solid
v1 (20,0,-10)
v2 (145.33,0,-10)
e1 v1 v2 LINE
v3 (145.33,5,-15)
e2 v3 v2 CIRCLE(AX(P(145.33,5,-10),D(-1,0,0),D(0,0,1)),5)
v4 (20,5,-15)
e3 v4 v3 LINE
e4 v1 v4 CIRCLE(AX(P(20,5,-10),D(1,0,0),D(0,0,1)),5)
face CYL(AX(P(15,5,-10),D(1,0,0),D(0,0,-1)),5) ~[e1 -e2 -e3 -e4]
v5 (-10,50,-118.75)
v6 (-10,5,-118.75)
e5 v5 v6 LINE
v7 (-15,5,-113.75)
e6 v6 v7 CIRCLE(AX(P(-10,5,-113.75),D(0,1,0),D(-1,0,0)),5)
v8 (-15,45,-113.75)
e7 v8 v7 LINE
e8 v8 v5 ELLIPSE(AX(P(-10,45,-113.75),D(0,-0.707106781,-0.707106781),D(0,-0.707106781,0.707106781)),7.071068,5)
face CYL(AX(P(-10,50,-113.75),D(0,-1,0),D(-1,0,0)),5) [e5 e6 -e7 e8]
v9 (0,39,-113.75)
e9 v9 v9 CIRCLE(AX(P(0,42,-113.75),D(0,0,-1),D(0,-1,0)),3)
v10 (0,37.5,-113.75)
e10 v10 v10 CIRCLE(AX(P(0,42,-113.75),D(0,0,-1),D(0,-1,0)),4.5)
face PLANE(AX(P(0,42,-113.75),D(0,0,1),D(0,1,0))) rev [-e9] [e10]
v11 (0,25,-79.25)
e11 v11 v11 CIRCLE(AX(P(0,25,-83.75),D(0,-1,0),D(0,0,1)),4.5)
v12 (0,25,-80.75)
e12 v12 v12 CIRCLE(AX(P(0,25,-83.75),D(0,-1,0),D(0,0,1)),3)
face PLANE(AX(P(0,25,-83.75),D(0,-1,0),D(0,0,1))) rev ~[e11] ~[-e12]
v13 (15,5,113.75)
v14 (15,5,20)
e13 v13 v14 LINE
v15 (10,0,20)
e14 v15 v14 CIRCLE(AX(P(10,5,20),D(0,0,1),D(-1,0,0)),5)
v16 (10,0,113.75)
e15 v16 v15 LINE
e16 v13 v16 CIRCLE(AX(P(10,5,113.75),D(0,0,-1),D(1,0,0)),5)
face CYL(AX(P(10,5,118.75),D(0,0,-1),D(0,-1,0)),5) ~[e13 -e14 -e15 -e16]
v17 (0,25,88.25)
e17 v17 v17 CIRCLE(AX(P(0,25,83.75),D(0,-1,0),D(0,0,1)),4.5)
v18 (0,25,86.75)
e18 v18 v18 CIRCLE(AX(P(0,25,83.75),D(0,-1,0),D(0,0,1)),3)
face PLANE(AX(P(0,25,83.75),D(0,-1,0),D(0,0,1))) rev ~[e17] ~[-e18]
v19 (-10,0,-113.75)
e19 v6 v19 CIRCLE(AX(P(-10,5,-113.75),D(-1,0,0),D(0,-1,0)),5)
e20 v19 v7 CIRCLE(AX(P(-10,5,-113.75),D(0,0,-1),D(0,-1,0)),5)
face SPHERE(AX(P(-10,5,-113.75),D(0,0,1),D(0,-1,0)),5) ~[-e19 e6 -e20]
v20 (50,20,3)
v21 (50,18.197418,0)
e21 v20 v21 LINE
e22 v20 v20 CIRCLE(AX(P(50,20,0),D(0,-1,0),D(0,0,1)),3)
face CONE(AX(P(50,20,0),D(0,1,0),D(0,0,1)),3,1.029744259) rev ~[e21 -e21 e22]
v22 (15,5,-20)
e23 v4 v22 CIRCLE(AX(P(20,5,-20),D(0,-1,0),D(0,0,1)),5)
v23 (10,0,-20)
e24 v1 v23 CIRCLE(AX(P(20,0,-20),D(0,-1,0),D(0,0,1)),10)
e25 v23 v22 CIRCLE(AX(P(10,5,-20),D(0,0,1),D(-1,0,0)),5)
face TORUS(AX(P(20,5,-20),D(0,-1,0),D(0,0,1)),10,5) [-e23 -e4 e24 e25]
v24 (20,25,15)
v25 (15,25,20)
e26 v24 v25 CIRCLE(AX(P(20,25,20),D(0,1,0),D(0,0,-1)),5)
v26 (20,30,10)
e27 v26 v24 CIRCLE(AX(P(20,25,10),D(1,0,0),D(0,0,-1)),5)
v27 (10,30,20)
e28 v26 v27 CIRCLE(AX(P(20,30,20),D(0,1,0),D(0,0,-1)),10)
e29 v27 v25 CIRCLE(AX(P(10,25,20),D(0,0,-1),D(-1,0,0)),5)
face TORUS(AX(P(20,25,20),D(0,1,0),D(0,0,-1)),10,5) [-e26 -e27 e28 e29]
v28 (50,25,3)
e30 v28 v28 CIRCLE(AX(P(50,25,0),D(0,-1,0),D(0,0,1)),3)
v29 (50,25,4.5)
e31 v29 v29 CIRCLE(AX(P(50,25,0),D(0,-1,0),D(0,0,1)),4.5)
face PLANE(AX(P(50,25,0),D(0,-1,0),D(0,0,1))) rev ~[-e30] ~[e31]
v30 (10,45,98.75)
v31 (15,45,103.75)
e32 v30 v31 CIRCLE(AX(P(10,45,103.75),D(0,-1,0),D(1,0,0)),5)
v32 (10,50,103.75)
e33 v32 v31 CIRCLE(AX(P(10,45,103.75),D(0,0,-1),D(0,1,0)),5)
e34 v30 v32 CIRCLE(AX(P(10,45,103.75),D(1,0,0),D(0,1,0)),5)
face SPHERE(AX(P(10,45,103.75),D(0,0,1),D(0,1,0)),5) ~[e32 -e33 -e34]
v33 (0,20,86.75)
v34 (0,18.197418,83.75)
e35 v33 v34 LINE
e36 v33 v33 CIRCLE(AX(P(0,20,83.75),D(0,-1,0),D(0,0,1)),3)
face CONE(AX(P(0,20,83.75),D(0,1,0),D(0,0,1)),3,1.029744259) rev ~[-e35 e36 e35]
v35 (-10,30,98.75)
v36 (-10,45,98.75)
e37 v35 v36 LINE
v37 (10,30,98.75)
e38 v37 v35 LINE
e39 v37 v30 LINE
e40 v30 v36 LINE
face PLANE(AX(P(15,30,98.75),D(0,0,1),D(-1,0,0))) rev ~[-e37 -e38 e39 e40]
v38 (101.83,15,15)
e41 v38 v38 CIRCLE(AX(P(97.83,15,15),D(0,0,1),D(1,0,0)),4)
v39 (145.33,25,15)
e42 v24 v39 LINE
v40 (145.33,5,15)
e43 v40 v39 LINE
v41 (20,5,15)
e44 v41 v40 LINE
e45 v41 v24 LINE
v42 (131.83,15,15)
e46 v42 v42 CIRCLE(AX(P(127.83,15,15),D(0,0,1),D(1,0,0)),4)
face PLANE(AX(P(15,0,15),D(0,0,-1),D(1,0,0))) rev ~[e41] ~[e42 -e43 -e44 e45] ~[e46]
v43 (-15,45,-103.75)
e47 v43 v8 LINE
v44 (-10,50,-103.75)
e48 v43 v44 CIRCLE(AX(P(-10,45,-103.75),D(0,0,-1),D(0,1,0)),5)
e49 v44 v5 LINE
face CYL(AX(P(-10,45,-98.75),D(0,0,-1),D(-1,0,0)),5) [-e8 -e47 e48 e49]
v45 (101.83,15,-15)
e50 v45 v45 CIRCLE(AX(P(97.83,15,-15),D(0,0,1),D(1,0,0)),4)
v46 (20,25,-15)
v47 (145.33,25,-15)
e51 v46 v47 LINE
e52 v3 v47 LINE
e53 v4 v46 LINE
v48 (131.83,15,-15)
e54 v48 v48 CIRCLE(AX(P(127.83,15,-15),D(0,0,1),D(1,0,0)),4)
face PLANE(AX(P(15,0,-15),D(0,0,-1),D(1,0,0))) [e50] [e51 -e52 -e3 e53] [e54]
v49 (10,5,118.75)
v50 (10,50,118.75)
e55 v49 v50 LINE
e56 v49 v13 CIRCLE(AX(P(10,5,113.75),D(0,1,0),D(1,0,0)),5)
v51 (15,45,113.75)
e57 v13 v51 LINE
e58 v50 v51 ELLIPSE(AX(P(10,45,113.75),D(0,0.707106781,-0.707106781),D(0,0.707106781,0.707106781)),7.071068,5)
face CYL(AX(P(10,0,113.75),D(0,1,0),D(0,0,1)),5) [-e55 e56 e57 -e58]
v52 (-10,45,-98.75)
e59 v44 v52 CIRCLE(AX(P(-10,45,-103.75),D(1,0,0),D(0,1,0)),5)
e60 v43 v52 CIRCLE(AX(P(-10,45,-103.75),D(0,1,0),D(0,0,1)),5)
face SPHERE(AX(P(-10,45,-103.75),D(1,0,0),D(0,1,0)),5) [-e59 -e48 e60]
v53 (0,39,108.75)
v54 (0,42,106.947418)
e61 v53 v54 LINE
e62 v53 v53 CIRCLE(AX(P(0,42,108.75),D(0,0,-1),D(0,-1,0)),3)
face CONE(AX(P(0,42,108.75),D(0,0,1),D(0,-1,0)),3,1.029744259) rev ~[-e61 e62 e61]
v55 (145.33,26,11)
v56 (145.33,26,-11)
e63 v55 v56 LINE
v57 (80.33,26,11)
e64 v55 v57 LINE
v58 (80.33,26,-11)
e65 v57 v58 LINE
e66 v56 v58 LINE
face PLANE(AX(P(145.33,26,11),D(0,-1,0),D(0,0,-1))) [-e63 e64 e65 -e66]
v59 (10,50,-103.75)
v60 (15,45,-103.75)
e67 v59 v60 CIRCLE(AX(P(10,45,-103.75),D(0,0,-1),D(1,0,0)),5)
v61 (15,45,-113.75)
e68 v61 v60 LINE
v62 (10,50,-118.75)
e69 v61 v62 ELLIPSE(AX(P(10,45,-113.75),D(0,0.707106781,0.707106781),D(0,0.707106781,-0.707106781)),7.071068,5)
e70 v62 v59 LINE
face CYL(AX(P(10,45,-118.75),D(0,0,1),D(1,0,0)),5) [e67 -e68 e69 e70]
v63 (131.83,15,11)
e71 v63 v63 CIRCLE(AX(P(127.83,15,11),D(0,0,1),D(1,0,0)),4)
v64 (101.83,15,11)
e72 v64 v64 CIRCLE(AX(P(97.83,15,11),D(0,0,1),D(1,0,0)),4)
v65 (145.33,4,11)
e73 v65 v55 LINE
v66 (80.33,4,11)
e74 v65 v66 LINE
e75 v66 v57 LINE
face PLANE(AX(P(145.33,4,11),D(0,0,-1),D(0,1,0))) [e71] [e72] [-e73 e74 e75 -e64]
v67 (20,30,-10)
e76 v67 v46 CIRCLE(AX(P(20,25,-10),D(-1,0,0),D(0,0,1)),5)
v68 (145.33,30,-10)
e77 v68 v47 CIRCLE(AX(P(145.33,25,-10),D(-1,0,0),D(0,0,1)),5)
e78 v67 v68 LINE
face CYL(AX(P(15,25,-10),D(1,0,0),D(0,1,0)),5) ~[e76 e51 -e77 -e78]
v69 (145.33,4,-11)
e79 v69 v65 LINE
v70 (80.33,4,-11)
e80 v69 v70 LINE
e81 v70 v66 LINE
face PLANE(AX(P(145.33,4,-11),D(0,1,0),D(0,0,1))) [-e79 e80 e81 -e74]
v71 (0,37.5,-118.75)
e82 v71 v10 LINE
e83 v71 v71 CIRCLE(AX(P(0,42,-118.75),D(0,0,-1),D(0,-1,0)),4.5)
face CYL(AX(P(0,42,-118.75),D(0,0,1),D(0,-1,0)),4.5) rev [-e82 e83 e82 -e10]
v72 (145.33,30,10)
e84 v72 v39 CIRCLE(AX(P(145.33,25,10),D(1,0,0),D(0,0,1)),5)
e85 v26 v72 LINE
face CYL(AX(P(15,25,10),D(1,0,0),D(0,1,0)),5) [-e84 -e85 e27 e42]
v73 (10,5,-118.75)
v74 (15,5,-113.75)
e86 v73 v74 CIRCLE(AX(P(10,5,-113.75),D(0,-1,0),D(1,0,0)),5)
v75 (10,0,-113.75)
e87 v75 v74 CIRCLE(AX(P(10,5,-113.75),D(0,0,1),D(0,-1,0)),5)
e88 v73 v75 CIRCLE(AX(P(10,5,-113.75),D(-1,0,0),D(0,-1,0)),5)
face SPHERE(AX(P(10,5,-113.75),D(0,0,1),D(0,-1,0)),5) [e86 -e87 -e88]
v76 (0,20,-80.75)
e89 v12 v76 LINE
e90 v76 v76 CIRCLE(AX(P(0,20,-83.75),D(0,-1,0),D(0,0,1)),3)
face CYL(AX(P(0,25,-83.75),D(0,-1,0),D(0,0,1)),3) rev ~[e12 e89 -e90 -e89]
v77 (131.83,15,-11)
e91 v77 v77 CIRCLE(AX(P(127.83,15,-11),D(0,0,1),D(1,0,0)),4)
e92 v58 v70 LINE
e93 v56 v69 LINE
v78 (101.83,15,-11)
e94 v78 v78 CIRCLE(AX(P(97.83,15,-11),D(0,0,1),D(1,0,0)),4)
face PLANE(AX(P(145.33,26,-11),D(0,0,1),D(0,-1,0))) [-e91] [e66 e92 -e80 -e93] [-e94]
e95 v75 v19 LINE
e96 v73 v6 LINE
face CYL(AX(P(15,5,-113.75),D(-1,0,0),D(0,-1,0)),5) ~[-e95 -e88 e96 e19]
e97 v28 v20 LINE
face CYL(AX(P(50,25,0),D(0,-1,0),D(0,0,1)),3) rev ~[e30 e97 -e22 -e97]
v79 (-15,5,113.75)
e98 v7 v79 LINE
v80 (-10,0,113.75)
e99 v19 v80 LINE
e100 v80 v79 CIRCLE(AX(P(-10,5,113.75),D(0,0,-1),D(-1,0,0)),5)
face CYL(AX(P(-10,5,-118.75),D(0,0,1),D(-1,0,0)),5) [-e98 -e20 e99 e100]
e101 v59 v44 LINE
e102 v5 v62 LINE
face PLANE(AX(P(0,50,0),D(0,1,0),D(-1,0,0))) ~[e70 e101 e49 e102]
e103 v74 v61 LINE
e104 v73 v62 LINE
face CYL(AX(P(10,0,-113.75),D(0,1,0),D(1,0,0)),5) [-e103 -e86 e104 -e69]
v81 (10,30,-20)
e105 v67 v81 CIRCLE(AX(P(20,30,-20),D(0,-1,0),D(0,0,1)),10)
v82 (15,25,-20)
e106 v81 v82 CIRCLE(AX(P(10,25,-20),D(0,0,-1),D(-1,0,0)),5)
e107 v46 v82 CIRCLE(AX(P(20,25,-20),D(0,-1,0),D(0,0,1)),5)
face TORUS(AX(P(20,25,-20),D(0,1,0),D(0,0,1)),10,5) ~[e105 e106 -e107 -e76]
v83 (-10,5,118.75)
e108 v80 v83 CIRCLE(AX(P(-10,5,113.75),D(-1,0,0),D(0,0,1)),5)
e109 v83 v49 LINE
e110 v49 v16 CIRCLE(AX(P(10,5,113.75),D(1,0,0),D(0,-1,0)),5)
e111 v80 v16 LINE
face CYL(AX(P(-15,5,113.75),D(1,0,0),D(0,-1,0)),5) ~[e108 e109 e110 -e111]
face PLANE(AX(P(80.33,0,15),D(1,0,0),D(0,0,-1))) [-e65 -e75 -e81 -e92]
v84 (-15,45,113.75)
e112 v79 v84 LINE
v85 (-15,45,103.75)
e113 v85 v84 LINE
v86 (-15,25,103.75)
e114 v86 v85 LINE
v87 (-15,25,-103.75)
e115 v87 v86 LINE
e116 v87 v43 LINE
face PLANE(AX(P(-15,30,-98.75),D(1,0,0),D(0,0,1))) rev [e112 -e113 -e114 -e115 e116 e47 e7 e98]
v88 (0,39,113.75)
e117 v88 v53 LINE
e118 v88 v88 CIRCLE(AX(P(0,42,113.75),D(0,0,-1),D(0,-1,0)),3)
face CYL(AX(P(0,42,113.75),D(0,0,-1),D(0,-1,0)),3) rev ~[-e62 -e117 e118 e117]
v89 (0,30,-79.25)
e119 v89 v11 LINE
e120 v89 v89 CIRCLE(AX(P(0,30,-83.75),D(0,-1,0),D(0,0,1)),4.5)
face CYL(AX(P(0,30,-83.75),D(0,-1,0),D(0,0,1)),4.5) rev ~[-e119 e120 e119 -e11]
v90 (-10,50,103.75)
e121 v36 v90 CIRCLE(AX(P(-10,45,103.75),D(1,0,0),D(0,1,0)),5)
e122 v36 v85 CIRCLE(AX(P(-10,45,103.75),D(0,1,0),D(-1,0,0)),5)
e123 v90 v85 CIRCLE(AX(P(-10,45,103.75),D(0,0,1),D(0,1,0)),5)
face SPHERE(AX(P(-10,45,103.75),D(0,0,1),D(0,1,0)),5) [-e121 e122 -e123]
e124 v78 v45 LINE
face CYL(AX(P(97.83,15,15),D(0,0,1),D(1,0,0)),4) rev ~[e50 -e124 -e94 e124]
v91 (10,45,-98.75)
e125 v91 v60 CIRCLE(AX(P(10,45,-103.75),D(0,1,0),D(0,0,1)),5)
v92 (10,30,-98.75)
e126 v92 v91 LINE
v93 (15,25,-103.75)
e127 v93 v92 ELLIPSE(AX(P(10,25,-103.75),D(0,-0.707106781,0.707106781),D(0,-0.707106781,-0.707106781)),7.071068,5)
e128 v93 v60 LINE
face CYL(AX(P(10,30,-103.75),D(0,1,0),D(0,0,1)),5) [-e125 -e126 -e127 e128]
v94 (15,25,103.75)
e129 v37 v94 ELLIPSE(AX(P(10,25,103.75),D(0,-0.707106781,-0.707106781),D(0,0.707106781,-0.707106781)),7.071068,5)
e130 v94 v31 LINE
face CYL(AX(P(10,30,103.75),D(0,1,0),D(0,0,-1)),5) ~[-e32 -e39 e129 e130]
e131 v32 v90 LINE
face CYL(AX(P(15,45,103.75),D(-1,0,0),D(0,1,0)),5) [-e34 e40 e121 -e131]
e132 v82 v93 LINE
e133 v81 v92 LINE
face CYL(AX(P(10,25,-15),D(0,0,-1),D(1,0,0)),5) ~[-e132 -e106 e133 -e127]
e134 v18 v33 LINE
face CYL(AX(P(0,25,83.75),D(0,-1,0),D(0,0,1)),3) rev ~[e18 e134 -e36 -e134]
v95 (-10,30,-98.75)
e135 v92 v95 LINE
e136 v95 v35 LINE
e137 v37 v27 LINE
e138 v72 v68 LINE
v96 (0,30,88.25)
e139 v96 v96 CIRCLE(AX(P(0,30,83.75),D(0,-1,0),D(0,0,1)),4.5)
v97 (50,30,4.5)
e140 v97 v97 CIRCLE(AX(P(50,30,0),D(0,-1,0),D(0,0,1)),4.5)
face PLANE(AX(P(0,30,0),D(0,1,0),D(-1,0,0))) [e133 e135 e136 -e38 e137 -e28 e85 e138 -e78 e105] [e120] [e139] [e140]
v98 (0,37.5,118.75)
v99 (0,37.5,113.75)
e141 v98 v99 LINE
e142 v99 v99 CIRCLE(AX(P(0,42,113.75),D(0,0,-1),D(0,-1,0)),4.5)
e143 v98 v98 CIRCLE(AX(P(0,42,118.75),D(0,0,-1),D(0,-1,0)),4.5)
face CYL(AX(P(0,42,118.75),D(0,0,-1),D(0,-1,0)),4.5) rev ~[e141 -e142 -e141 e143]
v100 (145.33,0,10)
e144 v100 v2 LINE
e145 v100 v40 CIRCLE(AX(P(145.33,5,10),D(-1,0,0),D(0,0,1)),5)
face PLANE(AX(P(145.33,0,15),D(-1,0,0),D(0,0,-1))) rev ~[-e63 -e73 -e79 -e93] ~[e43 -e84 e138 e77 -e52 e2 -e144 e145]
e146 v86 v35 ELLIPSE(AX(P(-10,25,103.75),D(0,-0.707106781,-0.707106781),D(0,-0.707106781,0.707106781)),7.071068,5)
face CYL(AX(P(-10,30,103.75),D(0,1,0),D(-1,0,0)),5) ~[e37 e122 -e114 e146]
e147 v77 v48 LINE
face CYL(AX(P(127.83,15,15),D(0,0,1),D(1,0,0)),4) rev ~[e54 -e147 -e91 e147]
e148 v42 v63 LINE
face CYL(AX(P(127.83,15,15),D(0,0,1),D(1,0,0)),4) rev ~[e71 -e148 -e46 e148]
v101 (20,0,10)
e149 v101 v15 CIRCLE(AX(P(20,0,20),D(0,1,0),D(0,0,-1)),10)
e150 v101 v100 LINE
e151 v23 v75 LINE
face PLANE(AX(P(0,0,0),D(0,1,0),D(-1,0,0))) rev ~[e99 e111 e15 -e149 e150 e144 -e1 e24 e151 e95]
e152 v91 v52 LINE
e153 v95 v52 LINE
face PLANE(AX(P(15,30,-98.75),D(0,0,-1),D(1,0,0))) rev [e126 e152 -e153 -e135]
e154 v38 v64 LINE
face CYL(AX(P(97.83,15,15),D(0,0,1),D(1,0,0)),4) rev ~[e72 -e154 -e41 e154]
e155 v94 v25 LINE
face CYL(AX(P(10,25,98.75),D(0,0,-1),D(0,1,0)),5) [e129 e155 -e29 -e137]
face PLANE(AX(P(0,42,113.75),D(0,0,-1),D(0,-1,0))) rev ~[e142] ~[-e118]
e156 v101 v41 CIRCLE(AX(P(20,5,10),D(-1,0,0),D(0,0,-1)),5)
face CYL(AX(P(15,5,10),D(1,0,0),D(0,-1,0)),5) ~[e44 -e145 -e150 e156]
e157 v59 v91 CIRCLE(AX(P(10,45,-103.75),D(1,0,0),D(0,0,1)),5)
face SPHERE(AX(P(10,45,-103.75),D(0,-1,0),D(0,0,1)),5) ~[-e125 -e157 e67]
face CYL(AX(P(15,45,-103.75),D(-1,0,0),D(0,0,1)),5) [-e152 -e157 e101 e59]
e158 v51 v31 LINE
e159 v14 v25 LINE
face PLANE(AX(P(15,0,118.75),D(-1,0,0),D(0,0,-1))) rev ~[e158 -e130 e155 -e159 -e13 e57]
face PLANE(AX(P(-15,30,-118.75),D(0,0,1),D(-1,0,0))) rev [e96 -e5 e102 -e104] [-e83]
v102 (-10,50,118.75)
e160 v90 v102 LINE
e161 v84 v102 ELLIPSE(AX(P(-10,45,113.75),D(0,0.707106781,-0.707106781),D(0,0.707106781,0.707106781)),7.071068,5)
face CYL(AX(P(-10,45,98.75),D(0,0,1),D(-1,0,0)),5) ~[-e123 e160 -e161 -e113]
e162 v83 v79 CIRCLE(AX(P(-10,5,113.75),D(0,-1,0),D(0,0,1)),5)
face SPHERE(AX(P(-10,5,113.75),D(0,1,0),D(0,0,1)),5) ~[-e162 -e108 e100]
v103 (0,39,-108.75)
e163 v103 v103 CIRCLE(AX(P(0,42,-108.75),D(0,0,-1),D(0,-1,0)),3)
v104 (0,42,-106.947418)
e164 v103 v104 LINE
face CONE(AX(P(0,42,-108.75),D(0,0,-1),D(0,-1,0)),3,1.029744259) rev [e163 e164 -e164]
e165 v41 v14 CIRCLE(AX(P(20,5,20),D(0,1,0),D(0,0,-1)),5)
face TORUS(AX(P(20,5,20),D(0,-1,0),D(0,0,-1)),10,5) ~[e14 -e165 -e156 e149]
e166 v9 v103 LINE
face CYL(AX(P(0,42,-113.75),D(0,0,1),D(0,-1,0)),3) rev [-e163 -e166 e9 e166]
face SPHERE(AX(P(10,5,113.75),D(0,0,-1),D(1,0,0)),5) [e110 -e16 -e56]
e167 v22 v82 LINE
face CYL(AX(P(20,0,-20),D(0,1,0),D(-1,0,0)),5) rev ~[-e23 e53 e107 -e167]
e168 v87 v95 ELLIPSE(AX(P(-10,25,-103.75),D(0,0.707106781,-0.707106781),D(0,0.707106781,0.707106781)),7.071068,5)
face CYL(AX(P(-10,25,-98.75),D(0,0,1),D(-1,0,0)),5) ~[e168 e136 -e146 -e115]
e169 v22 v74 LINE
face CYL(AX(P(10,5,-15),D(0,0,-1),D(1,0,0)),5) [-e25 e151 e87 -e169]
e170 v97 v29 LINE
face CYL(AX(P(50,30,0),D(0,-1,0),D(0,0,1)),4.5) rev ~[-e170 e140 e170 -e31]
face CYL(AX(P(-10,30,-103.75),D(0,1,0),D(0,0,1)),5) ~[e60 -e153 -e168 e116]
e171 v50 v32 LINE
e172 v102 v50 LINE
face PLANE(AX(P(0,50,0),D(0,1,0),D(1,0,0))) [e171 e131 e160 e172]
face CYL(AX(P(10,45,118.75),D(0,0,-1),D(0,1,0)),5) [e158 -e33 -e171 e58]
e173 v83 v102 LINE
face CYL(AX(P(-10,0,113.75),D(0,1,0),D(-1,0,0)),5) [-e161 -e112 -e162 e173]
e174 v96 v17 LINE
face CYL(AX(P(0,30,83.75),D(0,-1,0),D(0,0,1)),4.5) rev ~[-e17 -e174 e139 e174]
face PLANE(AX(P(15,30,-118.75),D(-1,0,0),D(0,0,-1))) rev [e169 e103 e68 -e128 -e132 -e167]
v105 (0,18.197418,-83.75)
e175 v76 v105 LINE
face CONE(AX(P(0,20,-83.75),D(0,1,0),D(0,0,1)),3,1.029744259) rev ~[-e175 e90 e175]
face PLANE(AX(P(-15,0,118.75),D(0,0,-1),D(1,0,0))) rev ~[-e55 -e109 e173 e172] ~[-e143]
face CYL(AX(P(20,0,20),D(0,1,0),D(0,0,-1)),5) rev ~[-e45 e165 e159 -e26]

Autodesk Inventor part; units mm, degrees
ref_plane "YZ Plane" through (0, 0, 0) normal (1, 0, 0) x (0, 1, 0)
ref_plane "XZ Plane" through (0, 0, 0) normal (0, 1, 0) x (-1, 0, 0)
ref_plane "XY Plane" through (0, 0, 0) normal (0, 0, 1) x (1, 0, 0)
sketch "Sketch1" plane through (0, 0, 0) normal (0, 1, 0) x (-1, 0, 0)
  line L0 (15, 118.75) -> (-15, 118.75)
  line L1 (-15, -118.75) -> (15, -118.75)
  line L2 (15, -118.75) -> (15, 118.75)
  line L3 (15, 118.75) -> (-15, -118.75) construction
  line L4 (-15, 118.75) -> (15, -118.75) construction
  line L5 (-15, 15) -> (-145.33, 15)
  line L6 (15, 0) -> (-145.33, 0) construction
  line L7 (-15, -15) -> (-145.33, -15)
  line L8 (-145.33, 15) -> (-145.33, -15)
  line L9 (-15, 118.75) -> (-15, 15)
  line L10 (-15, -15) -> (-15, -118.75)
  point P0 (0, 0)
  dimension "d0" = 30
  dimension "d1" = 237.5
  dimension "d2" = 15
  dimension "d3" = 130.33
extrude "Extrusion1" add sketch "Sketch1" along normal blind 30
ref_plane "Work Plane1" through (15, 0, 0) normal (0, 0, 1) x (1, 0, 0)
sketch "Sketch2" plane through (0, 30, 0) normal (0, 1, 0) x (1, 0, 0)
  line L0 (-15, 118.75) -> (-15, -118.75) projected
  line L1 (15, -118.75) -> (15, -15) projected
  line L2 (-15, -118.75) -> (15, -118.75)
  line L3 (15, -118.75) -> (15, -98.75)
  line L4 (15, -98.75) -> (-15, -98.75)
  line L5 (-15, -98.75) -> (-15, -118.75)
  point P0 (0, 0)
  point P1 (15, -118.75)
  point P2 (-15, -98.75)
  dimension "d6" = 20
extrude "Extrusion2" add sketch "Sketch2" along normal blind 20
sketch "Sketch3" plane through (-15, 0, 118.75) normal (0, 0, 1) x (1, 0, 0)
  line L0 (0, 50) -> (30, 50) projected
  line L1 (30, 0) -> (30, 50) projected
  point P0 (15, 0)
  point P1 (15, 42)
  dimension "d9" = 8
  dimension "d10" = 15
hole "Hole1" at (0, 42, 118.75) direction (0, 0, -1) diameter 6 depth 10 tip angle 118 counterbore diameter 9 counterbore depth 5
mirror "Mirror1" about plane through (15, 0, 0) normal (0, 0, 1) of "Extrusion2", "Hole1"
sketch "Sketch4" plane through (145.33, 0, 15) normal (1, 0, 0) x (0, 0, -1)
  line L0 (0, 0) -> (30, 0) projected
  line L1 (30, 0) -> (30, 30) projected
  line L2 (0, 30) -> (30, 30) projected
  line L3 (0, 0) -> (0, 30) projected
  line L4 (4, 26) -> (26, 26)
  line L5 (26, 26) -> (26, 4)
  line L6 (26, 4) -> (4, 4)
  line L7 (4, 4) -> (4, 26)
  point P0 (15, 0)
extrude "Extrusion3" cut sketch "Sketch4" against normal blind 65 contours L4 L5 L6 L7
sketch "Sketch5" plane through (15, 0, 15) normal (0, 0, 1) x (1, 0, 0)
  line L0 (65.33, 4) -> (65.33, 26) projected
  circle A0 centre (82.83, 15) radius 4
  circle A1 centre (112.83, 15) radius 4
  point P0 (-15, 0)
  point P1 (65.33, 15)
  dimension "d20" = 8
  dimension "d21" = 8
  dimension "d22" = 30
  dimension "d23" = 17.5
extrude "Extrusion4" cut sketch "Sketch5" against normal through all
fillet "Fillet1" radius 5 28 edges at (15, 15, 15) (15, 15, -15) (80.165, 0, 15) (80.165, 0, -15) (80.165, 30, -15) (80.165, 30, 15) (15, 30, 56.875) (15, 30, -56.875) (15, 0, -66.875) (15, 0, 66.875) (15, 25, 118.75) (-15, 25, 118.75) (0, 0, 118.75) (-15, 0, 0) (0, 0, -118.75) (15, 25, -118.75) (-15, 25, -118.75) (-15, 30, 0) (15, 50, 108.75) (-15, 50, 108.75) (0, 50, 98.75) (-15, 40, 98.75) (15, 40, 98.75) (15, 40, -98.75) (0, 50, -98.75) (15, 50, -108.75) (-15, 50, -108.75) (-15, 40, -98.75)
sketch "Sketch6" plane through (0, 30, 0) normal (0, 1, 0) x (1, 0, 0)
  line L0 (-10, -98.75) -> (-10, 98.75) projected
  line L1 (-10, -98.75) -> (10, -98.75) projected
  point P0 (0, 0)
  point P1 (0, -83.75)
  dimension "d27" = 10
  dimension "d35" = 15
hole "Hole2" at (0, 30, 83.75) direction (0, -1, 0) diameter 6 depth 10 tip angle 118 counterbore diameter 9 counterbore depth 5
sketch "Sketch7" plane through (0, 30, 0) normal (0, 1, 0) x (1, 0, 0)
  line L0 (20, 10) -> (145.33, 10) projected
  line L1 (-10, -98.75) -> (-10, 98.75) projected
  line L2 (10, 98.75) -> (-10, 98.75) projected
  point P0 (0, 0)
  point P1 (0, 83.75)
  point P2 (50, 0)
  dimension "d36" = 10
  dimension "d44" = 60
  dimension "d45" = 10
  dimension "d46" = 15
hole "Hole3" at (50, 30, 0) at (0, 30, -83.75) direction (0, -1, 0) diameter 6 depth 10 tip angle 118 counterbore diameter 9 counterbore depth 5
properties part number "e" material "PCTG 20%"
